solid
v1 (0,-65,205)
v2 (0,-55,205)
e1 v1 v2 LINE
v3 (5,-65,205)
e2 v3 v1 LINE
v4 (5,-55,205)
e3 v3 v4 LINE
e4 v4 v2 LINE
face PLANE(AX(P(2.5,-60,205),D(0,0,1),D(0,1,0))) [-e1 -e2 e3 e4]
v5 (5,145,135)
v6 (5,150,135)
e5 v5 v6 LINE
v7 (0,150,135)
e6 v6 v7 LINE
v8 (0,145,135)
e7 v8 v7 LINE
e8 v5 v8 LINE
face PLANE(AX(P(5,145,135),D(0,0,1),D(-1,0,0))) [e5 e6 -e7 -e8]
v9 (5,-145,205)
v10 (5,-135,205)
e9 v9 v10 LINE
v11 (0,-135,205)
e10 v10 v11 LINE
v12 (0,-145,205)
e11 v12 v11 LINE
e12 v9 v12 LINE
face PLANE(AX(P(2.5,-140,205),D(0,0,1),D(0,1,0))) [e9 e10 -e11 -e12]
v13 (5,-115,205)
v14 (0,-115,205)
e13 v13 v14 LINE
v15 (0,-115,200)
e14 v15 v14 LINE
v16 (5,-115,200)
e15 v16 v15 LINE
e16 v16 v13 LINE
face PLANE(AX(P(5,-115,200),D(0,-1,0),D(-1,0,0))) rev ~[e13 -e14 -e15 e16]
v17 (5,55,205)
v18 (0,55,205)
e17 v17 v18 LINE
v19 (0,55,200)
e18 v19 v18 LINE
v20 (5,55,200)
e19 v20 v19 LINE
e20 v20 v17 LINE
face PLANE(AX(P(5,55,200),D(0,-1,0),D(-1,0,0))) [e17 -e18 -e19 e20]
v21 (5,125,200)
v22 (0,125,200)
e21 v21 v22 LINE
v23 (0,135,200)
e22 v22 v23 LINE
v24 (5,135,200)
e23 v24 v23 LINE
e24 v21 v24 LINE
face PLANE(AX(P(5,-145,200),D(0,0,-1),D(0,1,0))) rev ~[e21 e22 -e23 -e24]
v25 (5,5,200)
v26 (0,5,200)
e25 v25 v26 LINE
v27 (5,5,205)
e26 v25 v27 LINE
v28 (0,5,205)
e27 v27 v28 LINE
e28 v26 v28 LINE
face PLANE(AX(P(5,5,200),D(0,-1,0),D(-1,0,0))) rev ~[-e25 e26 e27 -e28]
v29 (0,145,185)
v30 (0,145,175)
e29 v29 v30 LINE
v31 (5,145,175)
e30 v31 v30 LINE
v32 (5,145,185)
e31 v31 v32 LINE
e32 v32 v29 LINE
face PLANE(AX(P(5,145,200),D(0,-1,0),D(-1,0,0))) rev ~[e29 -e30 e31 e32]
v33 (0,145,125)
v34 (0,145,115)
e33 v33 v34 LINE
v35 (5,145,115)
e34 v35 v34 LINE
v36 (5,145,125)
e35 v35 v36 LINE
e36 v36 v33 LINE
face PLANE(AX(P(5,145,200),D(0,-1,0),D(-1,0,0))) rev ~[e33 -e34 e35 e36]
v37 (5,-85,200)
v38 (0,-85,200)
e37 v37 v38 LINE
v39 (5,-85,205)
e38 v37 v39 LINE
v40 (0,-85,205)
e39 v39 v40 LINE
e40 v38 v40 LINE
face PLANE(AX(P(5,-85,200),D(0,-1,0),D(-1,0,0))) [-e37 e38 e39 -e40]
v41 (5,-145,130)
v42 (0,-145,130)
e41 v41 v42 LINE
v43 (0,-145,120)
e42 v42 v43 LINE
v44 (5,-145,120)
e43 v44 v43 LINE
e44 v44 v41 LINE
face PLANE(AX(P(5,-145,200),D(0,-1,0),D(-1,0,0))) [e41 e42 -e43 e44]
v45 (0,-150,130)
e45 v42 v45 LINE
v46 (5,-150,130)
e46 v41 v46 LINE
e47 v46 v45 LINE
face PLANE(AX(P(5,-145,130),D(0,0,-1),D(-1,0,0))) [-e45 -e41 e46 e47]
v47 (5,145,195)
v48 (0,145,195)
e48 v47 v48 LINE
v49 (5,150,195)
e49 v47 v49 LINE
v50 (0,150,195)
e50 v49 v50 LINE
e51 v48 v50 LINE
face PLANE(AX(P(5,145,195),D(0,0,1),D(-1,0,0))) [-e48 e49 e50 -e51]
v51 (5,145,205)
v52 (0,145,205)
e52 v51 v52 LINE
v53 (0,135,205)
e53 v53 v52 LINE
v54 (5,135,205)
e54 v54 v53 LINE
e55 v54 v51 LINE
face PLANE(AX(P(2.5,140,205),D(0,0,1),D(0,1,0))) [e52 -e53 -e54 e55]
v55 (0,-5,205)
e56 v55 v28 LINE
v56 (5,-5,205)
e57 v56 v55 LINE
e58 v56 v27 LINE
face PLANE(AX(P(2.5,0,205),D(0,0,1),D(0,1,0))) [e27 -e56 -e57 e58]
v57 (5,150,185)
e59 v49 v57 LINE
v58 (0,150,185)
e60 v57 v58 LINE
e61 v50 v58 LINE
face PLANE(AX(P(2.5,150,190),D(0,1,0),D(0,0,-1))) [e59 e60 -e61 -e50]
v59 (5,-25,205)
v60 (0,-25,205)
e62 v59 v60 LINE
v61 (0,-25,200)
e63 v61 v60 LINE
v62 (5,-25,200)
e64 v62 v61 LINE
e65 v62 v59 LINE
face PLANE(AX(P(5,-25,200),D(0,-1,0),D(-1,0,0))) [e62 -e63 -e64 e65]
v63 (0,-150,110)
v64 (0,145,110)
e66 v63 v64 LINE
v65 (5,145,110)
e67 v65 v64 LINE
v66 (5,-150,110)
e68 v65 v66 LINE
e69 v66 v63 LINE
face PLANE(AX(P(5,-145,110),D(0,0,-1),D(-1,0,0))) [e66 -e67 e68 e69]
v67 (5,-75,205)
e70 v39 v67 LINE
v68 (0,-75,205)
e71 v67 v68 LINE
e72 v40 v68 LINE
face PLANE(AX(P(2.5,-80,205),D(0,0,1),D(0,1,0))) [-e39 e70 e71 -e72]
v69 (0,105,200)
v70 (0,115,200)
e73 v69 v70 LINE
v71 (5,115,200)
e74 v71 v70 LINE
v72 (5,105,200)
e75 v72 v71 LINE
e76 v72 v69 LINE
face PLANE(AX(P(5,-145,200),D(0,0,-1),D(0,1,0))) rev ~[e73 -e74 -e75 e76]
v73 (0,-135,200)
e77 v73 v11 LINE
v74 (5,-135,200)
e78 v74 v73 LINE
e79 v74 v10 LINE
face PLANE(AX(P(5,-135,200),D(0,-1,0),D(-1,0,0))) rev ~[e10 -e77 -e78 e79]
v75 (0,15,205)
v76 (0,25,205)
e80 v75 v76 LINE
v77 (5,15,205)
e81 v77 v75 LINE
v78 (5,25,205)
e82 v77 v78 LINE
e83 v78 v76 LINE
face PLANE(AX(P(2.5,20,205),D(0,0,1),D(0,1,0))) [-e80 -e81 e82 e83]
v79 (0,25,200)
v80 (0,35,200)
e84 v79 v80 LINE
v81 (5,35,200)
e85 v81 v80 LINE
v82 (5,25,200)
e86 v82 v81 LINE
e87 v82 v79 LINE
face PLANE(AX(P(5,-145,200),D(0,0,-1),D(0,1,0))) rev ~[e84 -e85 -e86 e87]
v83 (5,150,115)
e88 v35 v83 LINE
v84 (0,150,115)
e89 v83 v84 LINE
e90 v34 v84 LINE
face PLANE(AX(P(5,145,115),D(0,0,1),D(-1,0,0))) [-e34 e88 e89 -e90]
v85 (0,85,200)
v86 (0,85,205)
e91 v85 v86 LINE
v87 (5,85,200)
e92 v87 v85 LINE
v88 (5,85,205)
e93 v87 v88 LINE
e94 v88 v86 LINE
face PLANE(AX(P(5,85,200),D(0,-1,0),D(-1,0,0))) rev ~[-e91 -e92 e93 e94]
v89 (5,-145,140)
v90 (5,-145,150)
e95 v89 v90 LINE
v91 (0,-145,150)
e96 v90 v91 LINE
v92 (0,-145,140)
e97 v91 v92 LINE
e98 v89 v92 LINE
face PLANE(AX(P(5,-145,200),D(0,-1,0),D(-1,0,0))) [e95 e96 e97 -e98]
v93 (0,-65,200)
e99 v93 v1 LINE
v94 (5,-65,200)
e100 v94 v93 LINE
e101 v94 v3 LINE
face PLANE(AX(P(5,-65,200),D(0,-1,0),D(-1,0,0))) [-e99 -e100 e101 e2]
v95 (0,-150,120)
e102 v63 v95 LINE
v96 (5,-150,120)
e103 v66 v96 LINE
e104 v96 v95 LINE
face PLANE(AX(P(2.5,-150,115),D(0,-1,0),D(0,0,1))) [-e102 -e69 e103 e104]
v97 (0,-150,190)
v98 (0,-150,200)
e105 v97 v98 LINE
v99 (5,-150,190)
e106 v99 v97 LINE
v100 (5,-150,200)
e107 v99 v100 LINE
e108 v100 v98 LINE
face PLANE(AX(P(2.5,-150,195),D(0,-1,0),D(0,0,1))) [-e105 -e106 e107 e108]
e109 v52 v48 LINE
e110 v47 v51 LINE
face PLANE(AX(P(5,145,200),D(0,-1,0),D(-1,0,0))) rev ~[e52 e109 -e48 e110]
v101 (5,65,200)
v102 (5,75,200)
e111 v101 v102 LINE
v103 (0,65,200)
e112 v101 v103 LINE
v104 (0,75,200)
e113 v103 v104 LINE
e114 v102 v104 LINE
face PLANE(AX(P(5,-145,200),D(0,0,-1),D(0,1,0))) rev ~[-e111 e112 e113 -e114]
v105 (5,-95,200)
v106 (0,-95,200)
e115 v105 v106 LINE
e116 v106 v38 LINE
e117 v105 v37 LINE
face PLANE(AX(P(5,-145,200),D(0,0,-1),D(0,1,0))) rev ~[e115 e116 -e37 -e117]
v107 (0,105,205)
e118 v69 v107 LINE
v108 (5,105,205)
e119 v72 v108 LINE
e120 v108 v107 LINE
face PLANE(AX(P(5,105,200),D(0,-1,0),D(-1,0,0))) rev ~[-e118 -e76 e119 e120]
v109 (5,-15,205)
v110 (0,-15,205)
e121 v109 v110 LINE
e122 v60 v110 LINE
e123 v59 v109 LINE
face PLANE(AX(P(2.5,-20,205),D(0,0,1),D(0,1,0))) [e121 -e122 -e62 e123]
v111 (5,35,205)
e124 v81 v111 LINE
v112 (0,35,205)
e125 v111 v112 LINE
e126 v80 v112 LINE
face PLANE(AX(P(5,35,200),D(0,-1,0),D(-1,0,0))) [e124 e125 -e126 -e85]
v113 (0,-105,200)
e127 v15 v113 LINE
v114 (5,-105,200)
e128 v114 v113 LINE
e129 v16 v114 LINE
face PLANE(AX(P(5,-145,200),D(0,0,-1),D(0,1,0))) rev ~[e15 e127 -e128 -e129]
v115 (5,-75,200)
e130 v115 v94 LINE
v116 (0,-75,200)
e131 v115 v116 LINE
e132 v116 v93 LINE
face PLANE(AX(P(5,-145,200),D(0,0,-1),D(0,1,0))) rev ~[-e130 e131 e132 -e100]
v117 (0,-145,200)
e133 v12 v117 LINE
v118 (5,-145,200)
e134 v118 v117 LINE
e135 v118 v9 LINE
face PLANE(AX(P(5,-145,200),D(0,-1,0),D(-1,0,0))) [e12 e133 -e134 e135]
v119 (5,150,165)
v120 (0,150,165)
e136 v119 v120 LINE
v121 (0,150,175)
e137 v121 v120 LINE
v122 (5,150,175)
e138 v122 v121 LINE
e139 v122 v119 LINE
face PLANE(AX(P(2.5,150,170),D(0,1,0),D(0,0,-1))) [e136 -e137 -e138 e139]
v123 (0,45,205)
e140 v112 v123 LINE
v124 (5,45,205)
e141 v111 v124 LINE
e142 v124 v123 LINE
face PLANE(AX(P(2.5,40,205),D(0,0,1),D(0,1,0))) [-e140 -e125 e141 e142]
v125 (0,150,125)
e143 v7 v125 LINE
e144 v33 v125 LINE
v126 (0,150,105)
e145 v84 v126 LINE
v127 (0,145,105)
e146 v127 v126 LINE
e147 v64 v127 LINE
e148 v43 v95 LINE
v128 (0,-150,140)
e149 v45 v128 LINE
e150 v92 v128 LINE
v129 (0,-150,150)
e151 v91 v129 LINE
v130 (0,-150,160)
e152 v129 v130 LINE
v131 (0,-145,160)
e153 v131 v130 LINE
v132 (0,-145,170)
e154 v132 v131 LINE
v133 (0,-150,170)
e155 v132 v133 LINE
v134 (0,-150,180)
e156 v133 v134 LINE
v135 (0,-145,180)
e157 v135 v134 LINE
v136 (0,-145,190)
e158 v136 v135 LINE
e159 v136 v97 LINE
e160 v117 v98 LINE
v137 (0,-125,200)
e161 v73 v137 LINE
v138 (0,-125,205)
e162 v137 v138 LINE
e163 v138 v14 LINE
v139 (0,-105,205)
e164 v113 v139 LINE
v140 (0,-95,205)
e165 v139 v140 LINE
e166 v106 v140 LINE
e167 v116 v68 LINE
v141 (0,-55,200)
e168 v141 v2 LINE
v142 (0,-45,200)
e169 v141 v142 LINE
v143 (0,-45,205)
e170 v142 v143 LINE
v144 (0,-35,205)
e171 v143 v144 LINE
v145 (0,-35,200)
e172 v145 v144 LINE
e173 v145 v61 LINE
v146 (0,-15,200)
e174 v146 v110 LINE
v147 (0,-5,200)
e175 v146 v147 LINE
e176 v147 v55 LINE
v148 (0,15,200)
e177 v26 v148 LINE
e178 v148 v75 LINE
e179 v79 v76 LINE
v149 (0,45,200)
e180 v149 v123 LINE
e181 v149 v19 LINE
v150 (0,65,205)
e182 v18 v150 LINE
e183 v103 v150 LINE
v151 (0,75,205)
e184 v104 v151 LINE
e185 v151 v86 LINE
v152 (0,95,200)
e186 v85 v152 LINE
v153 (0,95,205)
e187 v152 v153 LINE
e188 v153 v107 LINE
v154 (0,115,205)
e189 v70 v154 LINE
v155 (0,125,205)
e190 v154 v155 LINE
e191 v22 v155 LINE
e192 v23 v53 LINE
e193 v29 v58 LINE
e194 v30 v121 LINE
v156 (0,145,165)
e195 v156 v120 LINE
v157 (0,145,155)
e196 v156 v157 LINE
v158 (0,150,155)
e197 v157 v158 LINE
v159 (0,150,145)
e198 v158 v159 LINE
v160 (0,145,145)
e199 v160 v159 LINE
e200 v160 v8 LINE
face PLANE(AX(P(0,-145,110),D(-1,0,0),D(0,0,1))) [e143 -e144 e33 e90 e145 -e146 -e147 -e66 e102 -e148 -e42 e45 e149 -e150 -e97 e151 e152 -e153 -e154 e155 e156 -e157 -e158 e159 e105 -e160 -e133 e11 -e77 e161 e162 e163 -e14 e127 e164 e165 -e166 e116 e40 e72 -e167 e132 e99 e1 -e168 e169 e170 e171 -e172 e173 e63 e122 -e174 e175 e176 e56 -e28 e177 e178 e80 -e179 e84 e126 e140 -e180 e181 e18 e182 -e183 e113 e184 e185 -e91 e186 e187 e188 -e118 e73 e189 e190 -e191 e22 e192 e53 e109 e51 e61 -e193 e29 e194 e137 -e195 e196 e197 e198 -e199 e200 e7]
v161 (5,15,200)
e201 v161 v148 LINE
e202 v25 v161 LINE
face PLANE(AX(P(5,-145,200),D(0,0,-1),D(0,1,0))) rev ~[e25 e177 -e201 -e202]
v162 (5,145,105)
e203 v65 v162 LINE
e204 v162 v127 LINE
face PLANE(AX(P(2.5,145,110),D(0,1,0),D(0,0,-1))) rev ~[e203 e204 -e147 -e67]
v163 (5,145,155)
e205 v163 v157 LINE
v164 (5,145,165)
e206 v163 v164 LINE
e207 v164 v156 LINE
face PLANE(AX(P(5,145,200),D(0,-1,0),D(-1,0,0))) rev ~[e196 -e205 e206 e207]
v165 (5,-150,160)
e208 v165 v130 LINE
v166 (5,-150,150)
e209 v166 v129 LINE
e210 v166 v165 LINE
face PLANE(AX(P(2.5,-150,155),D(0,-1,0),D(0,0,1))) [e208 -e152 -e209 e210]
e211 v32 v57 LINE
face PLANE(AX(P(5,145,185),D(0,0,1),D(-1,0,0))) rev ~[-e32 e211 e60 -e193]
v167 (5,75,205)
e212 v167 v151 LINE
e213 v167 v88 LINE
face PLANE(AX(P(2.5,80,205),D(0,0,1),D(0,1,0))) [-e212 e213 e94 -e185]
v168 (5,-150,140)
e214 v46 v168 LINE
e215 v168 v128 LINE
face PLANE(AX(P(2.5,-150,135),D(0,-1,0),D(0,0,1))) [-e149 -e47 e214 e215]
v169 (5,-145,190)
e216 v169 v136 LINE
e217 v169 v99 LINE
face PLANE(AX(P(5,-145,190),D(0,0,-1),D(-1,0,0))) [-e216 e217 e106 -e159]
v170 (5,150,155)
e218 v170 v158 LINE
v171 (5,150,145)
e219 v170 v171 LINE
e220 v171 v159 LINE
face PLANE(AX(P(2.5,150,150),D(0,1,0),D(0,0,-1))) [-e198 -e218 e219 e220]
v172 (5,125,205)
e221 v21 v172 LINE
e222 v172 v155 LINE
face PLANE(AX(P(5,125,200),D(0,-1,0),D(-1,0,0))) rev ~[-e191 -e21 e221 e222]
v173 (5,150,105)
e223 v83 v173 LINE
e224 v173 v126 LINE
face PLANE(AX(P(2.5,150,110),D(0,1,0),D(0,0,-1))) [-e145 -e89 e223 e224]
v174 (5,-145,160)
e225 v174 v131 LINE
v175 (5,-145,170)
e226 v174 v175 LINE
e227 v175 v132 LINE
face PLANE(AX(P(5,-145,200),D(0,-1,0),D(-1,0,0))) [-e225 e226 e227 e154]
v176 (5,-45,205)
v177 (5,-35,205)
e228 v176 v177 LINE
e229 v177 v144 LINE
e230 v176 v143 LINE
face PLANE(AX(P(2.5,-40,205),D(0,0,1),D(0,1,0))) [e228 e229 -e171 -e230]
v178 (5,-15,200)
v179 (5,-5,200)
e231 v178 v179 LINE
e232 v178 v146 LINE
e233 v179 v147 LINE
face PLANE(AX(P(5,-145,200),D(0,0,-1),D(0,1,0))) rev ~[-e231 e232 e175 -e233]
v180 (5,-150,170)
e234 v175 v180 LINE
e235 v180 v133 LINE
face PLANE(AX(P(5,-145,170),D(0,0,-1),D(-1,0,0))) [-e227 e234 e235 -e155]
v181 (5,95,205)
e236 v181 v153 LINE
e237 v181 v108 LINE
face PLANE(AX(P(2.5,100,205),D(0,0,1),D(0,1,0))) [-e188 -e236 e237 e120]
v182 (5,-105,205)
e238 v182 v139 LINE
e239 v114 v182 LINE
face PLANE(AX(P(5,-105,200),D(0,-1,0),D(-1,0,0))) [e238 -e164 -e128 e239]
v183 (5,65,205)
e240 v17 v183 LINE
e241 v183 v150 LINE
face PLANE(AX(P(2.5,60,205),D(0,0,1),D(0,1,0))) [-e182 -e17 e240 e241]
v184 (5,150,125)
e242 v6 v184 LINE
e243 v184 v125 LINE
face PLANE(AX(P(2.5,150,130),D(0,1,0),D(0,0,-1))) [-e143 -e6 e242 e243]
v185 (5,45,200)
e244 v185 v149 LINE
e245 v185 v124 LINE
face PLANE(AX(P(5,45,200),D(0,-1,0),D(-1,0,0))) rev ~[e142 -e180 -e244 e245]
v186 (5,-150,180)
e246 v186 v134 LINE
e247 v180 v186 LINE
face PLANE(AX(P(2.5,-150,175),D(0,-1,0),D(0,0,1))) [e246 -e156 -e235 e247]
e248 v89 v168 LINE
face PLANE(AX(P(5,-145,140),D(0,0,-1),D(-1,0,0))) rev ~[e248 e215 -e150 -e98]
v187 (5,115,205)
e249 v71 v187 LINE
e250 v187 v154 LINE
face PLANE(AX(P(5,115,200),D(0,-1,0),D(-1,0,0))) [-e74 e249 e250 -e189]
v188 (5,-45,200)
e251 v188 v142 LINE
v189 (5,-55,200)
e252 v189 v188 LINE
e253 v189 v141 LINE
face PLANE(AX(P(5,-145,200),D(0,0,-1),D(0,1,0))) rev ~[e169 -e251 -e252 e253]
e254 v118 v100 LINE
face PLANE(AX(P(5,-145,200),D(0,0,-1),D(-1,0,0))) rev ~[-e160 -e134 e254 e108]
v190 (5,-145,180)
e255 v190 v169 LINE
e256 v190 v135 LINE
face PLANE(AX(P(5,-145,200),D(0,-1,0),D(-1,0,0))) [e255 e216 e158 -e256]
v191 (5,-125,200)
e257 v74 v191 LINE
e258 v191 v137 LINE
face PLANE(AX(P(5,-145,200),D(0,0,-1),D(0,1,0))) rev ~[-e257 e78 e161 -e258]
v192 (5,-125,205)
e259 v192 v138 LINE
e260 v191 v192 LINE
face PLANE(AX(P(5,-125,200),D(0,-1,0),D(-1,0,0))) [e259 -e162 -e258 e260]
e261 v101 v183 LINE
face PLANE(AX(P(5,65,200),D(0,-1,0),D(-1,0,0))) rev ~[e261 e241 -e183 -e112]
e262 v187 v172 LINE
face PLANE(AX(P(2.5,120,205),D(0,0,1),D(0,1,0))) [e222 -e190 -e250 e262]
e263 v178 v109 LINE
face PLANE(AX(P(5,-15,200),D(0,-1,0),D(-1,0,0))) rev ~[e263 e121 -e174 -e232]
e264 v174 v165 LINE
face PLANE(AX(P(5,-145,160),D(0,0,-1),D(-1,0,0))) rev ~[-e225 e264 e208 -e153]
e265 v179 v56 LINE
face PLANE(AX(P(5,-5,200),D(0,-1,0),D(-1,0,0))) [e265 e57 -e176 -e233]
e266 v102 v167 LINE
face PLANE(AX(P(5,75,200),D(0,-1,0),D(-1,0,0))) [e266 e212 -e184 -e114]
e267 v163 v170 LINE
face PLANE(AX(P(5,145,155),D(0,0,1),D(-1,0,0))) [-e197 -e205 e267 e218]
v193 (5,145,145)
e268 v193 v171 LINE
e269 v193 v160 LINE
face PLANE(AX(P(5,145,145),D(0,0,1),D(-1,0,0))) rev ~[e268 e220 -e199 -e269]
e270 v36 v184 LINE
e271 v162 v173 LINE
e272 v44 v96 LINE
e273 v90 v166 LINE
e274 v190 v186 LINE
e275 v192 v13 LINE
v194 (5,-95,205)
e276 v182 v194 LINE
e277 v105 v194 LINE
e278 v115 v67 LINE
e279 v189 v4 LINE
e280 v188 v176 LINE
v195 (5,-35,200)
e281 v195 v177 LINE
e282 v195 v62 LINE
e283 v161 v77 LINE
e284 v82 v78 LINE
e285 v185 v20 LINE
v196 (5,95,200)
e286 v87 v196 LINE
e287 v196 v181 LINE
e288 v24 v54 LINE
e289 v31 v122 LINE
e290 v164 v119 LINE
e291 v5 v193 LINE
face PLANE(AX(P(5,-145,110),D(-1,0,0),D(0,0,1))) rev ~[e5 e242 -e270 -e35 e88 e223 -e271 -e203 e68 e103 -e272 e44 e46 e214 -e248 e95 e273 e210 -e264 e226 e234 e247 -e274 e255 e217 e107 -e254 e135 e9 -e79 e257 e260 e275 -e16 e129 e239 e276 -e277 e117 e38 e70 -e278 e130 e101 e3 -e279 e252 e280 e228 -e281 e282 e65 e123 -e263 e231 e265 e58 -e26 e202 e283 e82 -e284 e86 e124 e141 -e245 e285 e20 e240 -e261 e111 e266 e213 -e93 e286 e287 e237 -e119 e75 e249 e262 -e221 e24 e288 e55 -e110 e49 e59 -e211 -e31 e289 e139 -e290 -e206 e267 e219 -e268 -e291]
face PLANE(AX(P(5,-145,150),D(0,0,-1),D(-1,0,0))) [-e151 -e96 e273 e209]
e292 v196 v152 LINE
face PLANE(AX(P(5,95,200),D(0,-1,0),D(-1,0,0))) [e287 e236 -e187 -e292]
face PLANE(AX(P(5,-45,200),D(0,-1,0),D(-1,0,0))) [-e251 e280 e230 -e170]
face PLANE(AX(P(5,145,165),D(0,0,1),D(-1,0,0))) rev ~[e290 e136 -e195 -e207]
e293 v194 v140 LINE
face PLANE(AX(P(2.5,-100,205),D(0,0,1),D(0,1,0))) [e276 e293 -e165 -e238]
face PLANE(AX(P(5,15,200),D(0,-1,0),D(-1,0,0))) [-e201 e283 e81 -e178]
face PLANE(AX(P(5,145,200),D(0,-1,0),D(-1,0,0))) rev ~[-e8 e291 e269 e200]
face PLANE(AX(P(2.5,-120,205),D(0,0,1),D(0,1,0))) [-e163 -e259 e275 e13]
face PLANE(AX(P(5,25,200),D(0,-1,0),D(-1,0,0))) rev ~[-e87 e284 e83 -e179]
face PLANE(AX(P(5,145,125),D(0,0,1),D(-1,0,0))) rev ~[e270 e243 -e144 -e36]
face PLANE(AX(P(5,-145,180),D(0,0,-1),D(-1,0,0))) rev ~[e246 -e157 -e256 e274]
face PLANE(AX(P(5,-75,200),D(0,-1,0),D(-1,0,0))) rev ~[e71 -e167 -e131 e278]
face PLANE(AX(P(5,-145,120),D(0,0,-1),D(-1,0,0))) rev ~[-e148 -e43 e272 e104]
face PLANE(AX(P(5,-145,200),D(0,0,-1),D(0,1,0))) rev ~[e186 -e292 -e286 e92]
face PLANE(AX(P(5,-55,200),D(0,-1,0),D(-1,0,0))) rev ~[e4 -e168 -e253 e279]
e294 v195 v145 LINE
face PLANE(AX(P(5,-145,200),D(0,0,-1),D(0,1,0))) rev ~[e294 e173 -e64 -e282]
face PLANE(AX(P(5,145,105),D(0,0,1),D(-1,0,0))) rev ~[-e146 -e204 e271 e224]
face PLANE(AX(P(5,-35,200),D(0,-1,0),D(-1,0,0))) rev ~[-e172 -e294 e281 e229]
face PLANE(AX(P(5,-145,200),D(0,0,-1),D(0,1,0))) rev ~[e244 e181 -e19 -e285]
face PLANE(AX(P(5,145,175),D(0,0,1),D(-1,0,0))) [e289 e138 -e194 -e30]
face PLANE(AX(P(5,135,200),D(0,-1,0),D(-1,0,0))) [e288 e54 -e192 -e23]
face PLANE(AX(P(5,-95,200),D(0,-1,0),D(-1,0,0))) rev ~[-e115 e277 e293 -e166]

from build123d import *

# Parameters (mm, degrees)
SKETCH052_W             = 90
SKETCH052_H             = 290
PAD036_DEPTH            = 5
SKETCH063_W             = 10
SKETCH063_H             = 5
PAD044_DEPTH            = 5
LINEARPATTERN038_COUNT  = 15
LINEARPATTERN038_PITCH  = 20
SKETCH064_W             = 10
SKETCH064_H             = 5
PAD045_DEPTH            = 5
LINEARPATTERN039_COUNT  = 5
LINEARPATTERN039_PITCH  = 20
SKETCH065_W             = 10
SKETCH065_H             = 5
PAD046_DEPTH            = 5
LINEARPATTERN040_COUNT  = 5
LINEARPATTERN040_PITCH  = 20
BODY015_PLACEMENT_ANGLE = 90


with BuildPart() as part:
    # Sketch052 → Pad036 (new body)
    with BuildSketch(Plane.XY):
        Rectangle(SKETCH052_W, SKETCH052_H)
    extrude(amount=PAD036_DEPTH)

    # Sketch063 (on DatumPlane) → Pad044 (join)
    with BuildSketch(Plane.YZ.offset(45)):
        with Locations((-140, 2.5)):
            Rectangle(SKETCH063_W, SKETCH063_H)
    pad044 = extrude(amount=PAD044_DEPTH)

    # LinearPattern038: Pad044 ×15
    with Locations(*[(0, i * LINEARPATTERN038_PITCH, 0) for i in range(1, LINEARPATTERN038_COUNT)]):
        add(pad044)

    # Sketch064 (on DatumPlane) → Pad045 (join)
    with BuildSketch(Plane(origin=(0, 145, 0), x_dir=(-1, 0, 0), z_dir=(0, 1, 0))):
        with Locations((-35, 2.5)):
            Rectangle(SKETCH064_W, SKETCH064_H)
    pad045 = extrude(amount=PAD045_DEPTH)

    # LinearPattern039: Pad045 ×5
    with Locations(*[(-i * LINEARPATTERN039_PITCH, 0, 0) for i in range(1, LINEARPATTERN039_COUNT)]):
        add(pad045)

    # Sketch065 (on DatumPlane) → Pad046 (join)
    with BuildSketch(Plane.XZ.offset(145)):
        with Locations((-40, 2.5)):
            Rectangle(SKETCH065_W, SKETCH065_H)
    pad046 = extrude(amount=PAD046_DEPTH)

    # LinearPattern040: Pad046 ×5
    with Locations(*[(i * LINEARPATTERN040_PITCH, 0, 0) for i in range(1, LINEARPATTERN040_COUNT)]):
        add(pad046)


with BuildPart() as part_1:
    # Body015 placement: moved
    add(part.part.moved(Location((5, 0, 155))).rotate(Axis((5, 0, 155), (0, -1, 0)), BODY015_PLACEMENT_ANGLE))


solid = part_1.part
